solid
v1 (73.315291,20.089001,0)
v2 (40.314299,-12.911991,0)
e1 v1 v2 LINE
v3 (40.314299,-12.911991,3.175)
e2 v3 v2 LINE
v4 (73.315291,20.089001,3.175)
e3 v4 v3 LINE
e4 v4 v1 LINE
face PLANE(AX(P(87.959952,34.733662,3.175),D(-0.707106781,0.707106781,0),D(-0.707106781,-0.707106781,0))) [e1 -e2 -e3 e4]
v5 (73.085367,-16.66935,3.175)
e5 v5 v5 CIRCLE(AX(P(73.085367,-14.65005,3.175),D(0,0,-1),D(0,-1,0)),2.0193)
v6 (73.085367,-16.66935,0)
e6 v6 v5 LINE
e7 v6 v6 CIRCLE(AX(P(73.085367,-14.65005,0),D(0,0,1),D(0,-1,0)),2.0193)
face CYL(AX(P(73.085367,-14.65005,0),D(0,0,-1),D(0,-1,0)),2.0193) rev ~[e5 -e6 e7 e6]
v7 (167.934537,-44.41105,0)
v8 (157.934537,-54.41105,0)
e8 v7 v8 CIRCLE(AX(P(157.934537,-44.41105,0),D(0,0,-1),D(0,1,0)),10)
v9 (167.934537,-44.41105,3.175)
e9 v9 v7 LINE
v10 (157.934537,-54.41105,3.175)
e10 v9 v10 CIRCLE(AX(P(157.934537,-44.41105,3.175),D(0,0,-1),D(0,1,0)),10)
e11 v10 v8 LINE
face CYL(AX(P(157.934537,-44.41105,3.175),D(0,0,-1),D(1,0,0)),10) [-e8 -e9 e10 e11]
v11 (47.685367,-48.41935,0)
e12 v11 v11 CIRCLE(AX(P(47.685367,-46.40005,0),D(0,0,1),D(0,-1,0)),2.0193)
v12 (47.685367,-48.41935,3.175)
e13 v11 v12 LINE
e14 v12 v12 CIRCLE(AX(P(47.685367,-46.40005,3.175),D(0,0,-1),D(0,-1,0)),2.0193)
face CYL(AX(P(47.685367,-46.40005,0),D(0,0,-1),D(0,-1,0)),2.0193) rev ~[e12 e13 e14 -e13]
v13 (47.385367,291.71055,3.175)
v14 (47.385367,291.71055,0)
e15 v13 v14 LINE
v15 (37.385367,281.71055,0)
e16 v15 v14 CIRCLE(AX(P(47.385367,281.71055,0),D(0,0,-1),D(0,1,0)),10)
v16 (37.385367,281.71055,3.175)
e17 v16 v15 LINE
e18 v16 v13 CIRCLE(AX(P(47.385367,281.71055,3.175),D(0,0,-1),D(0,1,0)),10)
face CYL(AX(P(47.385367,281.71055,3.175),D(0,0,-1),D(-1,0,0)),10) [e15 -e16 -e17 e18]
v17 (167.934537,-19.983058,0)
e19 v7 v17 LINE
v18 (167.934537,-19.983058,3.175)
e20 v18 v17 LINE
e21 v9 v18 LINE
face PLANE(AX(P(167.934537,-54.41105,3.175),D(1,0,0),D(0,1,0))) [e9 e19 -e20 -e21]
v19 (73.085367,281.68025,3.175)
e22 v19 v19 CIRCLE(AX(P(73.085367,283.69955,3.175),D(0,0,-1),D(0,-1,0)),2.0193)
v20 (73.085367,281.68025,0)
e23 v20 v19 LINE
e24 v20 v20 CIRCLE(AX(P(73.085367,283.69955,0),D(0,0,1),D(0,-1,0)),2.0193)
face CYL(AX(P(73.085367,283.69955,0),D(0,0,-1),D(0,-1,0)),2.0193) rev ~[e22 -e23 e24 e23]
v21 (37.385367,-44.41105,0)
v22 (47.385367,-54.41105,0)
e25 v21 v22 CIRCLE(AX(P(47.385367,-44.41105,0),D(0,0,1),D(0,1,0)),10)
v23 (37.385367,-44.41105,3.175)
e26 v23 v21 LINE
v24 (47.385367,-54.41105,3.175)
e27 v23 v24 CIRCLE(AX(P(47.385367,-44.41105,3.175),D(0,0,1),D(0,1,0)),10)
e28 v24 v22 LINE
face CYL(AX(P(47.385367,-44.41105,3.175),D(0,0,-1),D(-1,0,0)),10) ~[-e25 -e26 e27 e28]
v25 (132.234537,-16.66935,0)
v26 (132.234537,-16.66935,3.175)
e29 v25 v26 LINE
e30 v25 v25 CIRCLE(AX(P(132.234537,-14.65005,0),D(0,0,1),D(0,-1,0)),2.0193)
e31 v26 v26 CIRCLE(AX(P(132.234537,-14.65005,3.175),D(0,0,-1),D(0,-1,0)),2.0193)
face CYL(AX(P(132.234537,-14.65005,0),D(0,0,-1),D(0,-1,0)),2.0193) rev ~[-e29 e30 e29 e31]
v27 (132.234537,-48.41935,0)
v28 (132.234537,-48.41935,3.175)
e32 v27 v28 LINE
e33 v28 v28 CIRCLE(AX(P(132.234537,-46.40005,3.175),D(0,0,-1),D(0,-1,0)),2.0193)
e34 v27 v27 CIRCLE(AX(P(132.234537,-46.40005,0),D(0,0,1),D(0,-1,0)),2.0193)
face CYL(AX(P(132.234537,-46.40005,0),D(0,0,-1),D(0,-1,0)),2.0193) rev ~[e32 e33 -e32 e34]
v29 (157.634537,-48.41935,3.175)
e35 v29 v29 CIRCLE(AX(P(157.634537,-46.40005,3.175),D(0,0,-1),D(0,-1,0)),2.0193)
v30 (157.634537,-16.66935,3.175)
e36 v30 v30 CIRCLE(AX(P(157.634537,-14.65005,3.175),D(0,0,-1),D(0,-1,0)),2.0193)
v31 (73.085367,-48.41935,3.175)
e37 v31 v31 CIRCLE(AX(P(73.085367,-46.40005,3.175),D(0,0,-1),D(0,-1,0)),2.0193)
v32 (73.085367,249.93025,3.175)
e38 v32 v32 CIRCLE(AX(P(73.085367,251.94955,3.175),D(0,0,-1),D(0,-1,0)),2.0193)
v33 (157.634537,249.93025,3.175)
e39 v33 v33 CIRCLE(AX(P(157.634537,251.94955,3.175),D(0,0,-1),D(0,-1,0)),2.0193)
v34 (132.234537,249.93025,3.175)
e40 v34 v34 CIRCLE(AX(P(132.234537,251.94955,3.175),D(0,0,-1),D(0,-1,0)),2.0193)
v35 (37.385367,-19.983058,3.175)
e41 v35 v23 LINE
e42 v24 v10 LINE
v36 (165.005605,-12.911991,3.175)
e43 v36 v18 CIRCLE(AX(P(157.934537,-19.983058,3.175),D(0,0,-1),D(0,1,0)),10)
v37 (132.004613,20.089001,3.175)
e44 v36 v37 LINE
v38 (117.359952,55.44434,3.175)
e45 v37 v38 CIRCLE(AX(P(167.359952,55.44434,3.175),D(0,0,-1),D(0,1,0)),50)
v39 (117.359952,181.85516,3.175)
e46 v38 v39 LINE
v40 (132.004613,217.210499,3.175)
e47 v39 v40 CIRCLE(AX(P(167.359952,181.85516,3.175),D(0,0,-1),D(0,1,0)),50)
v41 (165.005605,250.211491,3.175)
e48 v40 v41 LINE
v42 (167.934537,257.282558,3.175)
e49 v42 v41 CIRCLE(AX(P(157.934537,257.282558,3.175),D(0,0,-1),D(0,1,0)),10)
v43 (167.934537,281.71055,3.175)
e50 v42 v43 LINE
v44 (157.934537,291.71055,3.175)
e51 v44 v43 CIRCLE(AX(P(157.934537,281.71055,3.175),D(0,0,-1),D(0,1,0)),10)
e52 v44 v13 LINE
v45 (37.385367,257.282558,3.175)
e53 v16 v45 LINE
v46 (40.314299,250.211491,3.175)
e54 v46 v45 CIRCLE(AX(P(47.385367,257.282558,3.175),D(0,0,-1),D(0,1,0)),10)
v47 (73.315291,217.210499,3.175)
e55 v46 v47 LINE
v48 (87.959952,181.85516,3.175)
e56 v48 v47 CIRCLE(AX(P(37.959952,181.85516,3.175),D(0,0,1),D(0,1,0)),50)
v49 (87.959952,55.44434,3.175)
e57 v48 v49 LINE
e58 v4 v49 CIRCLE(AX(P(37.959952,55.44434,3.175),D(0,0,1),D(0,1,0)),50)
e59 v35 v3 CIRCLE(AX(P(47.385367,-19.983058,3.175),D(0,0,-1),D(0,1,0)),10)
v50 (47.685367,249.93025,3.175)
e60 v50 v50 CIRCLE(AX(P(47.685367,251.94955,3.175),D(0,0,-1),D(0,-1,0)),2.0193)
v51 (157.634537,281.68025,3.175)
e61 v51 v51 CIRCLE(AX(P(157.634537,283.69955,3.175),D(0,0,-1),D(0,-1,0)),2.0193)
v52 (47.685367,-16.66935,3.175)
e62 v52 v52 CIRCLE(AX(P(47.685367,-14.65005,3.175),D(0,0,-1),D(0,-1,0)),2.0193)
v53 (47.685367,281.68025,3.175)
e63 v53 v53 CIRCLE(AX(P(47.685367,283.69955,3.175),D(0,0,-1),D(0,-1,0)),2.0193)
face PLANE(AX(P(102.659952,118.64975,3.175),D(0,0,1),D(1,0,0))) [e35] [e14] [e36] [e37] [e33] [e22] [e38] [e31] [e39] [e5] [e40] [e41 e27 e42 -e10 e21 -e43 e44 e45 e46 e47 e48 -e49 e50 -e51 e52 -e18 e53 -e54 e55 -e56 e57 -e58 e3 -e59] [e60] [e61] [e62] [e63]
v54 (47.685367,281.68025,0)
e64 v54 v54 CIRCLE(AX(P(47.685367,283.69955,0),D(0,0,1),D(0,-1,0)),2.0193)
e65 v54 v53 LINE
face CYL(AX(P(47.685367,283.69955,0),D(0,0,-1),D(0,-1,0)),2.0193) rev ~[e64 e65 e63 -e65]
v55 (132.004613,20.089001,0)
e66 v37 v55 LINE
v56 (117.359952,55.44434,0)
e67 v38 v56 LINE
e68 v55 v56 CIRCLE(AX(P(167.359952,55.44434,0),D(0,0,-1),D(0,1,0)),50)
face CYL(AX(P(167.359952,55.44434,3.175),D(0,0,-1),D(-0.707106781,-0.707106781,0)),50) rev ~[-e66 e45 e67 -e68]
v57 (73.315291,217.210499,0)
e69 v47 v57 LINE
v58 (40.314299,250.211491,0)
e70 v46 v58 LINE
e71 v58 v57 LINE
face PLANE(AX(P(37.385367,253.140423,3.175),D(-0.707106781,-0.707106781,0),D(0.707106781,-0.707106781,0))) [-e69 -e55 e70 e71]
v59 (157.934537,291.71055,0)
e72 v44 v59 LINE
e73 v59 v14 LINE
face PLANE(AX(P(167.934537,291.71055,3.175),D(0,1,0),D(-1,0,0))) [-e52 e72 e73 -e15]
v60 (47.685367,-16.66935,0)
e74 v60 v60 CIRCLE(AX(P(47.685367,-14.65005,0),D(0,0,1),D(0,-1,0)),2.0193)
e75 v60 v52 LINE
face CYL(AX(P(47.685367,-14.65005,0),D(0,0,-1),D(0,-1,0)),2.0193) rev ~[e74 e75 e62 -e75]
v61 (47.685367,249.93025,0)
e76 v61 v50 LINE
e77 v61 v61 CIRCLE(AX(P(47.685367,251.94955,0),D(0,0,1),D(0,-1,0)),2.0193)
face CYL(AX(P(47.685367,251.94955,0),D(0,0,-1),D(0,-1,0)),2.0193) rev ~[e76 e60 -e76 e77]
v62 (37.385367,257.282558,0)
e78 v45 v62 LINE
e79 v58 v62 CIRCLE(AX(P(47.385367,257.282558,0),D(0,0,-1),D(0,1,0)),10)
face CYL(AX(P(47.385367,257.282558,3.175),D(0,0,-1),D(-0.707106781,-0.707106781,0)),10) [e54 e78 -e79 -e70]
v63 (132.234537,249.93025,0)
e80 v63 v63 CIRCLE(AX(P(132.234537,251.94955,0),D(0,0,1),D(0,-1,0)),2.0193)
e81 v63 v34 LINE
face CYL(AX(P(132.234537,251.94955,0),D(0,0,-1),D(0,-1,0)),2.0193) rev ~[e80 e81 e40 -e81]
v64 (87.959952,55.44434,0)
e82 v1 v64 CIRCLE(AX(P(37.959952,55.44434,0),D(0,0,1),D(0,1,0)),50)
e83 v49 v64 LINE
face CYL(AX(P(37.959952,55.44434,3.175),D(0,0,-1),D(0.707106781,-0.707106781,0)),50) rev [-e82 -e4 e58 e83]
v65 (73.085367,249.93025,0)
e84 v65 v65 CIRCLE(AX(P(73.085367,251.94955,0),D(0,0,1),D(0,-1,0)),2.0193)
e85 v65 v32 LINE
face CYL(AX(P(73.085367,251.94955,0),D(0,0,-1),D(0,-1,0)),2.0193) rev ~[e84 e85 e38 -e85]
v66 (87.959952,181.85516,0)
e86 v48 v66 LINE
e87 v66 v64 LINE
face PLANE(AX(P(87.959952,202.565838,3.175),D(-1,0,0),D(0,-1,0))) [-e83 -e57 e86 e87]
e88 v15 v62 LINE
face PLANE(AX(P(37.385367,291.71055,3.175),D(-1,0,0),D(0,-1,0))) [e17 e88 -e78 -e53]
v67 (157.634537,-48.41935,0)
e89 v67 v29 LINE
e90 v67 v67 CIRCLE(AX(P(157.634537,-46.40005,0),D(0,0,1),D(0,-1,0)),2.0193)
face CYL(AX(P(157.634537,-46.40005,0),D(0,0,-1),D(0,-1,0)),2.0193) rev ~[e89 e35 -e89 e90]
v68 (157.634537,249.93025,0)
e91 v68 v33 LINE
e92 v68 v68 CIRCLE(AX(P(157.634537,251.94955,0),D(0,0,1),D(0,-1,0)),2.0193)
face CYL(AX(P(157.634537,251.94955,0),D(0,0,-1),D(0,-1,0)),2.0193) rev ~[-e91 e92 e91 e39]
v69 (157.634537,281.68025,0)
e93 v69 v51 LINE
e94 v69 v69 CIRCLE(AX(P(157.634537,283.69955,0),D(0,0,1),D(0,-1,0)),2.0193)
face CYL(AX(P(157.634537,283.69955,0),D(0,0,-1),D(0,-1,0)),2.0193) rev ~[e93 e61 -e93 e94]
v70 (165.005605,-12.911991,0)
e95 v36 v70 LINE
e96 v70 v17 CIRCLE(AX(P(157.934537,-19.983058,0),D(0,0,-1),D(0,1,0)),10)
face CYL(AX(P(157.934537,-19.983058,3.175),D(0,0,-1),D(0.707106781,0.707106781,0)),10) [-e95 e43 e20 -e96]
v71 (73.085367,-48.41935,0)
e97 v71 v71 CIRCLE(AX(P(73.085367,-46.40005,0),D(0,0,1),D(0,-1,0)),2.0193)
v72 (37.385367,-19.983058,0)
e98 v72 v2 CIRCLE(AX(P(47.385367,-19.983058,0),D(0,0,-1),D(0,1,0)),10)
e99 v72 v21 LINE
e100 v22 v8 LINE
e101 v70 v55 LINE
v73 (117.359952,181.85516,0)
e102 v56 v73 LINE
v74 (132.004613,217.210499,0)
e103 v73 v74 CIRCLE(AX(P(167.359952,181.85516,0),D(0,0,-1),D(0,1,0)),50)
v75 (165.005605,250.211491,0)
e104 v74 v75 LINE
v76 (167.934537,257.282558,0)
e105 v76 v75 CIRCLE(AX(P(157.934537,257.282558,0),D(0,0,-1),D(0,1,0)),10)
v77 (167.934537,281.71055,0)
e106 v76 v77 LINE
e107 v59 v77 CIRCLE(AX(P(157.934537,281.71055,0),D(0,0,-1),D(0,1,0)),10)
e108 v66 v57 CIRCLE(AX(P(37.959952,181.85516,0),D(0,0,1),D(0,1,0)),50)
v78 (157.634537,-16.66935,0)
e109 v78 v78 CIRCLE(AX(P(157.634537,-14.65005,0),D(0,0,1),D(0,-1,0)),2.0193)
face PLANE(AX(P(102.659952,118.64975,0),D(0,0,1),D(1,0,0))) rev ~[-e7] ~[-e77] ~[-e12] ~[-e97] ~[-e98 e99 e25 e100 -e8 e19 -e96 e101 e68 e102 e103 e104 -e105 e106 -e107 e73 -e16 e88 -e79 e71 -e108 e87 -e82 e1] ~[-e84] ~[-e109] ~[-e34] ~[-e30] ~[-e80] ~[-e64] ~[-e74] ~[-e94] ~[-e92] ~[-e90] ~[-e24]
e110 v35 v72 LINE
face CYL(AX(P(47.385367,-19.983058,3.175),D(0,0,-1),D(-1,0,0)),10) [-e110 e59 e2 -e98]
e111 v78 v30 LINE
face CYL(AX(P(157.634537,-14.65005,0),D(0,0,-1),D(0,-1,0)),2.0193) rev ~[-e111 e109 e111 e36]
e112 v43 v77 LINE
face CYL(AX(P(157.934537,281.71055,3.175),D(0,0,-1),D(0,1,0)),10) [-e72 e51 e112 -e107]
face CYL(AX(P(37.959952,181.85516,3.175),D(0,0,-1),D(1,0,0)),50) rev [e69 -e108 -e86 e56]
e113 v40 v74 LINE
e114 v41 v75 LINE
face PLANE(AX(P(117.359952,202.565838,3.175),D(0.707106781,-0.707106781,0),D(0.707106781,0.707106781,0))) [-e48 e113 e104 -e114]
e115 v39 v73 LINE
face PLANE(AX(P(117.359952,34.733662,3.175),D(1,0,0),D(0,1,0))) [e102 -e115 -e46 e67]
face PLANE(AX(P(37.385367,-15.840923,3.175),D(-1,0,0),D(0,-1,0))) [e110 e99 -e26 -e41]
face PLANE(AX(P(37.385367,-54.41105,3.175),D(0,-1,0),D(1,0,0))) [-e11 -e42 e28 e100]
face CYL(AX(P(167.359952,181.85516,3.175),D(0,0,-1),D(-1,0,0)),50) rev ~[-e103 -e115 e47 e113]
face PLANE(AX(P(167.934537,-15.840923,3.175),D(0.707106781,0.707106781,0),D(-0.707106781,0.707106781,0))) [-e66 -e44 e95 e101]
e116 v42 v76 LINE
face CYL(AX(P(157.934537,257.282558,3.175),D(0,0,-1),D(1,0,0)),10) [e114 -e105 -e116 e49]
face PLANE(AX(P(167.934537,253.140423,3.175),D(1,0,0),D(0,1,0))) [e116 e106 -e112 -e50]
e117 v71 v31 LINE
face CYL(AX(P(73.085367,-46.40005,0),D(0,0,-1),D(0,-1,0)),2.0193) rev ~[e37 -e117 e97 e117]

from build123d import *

# Parameters (mm, degrees)
BOSS_EXTRUDE1_DEPTH = 3.175
CUT_EXTRUDE1_DEPTH  = 10
SKETCH3_R           = 2.0193
BOSS_EXTRUDE2_DEPTH = 3.175
FILLET1_R           = 10
FILLET2_R           = 50


with BuildPart() as part:
    # Sketch1 → Boss-Extrude1 (new body)
    with BuildSketch(Plane.XY):
        Polygon((165.934536959, -16.66935), (157.315236959, -8.05005), (115.359952094, -8.05005), (89.959952094, -8.05005), (48.004667228, -8.05005), (39.385367228, -16.66935), (39.385367228, -40.05005), (39.385367228, -52.41105), (165.934536959, -56.67505), (165.934536959, -42.05005), align=None)
        with BuildLine():
            ThreePointArc((47.685367228, -44.38075), (49.704667228, -46.40005), (47.685367228, -48.41935))
            ThreePointArc((47.685367228, -48.41935), (45.666067228, -46.40005), (47.685367228, -44.38075))
        make_face(mode=Mode.SUBTRACT)
        with BuildLine():
            ThreePointArc((47.685367228, -12.63075), (49.704667228, -14.65005), (47.685367228, -16.66935))
            ThreePointArc((47.685367228, -16.66935), (45.666067228, -14.65005), (47.685367228, -12.63075))
        make_face(mode=Mode.SUBTRACT)
        with BuildLine():
            ThreePointArc((73.085367228, -44.38075), (75.104667228, -46.40005), (73.085367228, -48.41935))
            ThreePointArc((73.085367228, -48.41935), (71.066067228, -46.40005), (73.085367228, -44.38075))
        make_face(mode=Mode.SUBTRACT)
        with BuildLine():
            ThreePointArc((73.085367228, -12.63075), (75.104667228, -14.65005), (73.085367228, -16.66935))
            ThreePointArc((73.085367228, -16.66935), (71.066067228, -14.65005), (73.085367228, -12.63075))
        make_face(mode=Mode.SUBTRACT)
        with BuildLine():
            ThreePointArc((132.234536959, -44.38075), (134.253836959, -46.40005), (132.234536959, -48.41935))
            ThreePointArc((132.234536959, -48.41935), (130.215236959, -46.40005), (132.234536959, -44.38075))
        make_face(mode=Mode.SUBTRACT)
        with BuildLine():
            ThreePointArc((132.234536959, -12.63075), (134.253836959, -14.65005), (132.234536959, -16.66935))
            ThreePointArc((132.234536959, -16.66935), (130.215236959, -14.65005), (132.234536959, -12.63075))
        make_face(mode=Mode.SUBTRACT)
        with BuildLine():
            ThreePointArc((157.634536959, -44.38075), (159.653836959, -46.40005), (157.634536959, -48.41935))
            ThreePointArc((157.634536959, -48.41935), (155.615236959, -46.40005), (157.634536959, -44.38075))
        make_face(mode=Mode.SUBTRACT)
        with BuildLine():
            ThreePointArc((157.634536959, -12.63075), (159.653836959, -14.65005), (157.634536959, -16.66935))
            ThreePointArc((157.634536959, -16.66935), (155.615236959, -14.65005), (157.634536959, -12.63075))
        make_face(mode=Mode.SUBTRACT)
        Polygon((115.359952094, -8.05005), (157.315236959, -8.05005), (115.359952094, 33.905234866), align=None)
        Polygon((89.959952094, -8.05005), (115.359952094, -8.05005), (115.359952094, 33.905234866), (115.359952094, 203.394265134), (115.359952094, 245.34955), (89.959952094, 245.34955), (89.959952094, 203.394265134), (89.959952094, 33.905234866), align=None)
        Polygon((48.004667228, -8.05005), (89.959952094, -8.05005), (89.959952094, 33.905234866), align=None)
        Polygon((89.959952094, 245.34955), (115.359952094, 245.34955), (157.315236959, 245.34955), (165.934536959, 253.96885), (165.934536959, 279.34955), (165.934536959, 293.97455), (39.385367228, 289.71055), (39.385367228, 277.34955), (39.385367228, 253.96885), (48.004667228, 245.34955), align=None)
        with BuildLine():
            ThreePointArc((47.685367228, 253.96885), (49.704667228, 251.94955), (47.685367228, 249.93025))
            ThreePointArc((47.685367228, 249.93025), (45.666067228, 251.94955), (47.685367228, 253.96885))
        make_face(mode=Mode.SUBTRACT)
        with BuildLine():
            ThreePointArc((47.685367228, 285.71885), (49.704667228, 283.69955), (47.685367228, 281.68025))
            ThreePointArc((47.685367228, 281.68025), (45.666067228, 283.69955), (47.685367228, 285.71885))
        make_face(mode=Mode.SUBTRACT)
        with BuildLine():
            ThreePointArc((73.085367228, 253.96885), (75.104667228, 251.94955), (73.085367228, 249.93025))
            ThreePointArc((73.085367228, 249.93025), (71.066067228, 251.94955), (73.085367228, 253.96885))
        make_face(mode=Mode.SUBTRACT)
        with BuildLine():
            ThreePointArc((73.085367228, 285.71885), (75.104667228, 283.69955), (73.085367228, 281.68025))
            ThreePointArc((73.085367228, 281.68025), (71.066067228, 283.69955), (73.085367228, 285.71885))
        make_face(mode=Mode.SUBTRACT)
        with BuildLine():
            ThreePointArc((132.234536959, 253.96885), (134.253836959, 251.94955), (132.234536959, 249.93025))
            ThreePointArc((132.234536959, 249.93025), (130.215236959, 251.94955), (132.234536959, 253.96885))
        make_face(mode=Mode.SUBTRACT)
        with BuildLine():
            ThreePointArc((157.634536959, 253.96885), (159.653836959, 251.94955), (157.634536959, 249.93025))
            ThreePointArc((157.634536959, 249.93025), (155.615236959, 251.94955), (157.634536959, 253.96885))
        make_face(mode=Mode.SUBTRACT)
        with BuildLine():
            ThreePointArc((157.634536959, 285.71885), (159.653836959, 283.69955), (157.634536959, 281.68025))
            ThreePointArc((157.634536959, 281.68025), (155.615236959, 283.69955), (157.634536959, 285.71885))
        make_face(mode=Mode.SUBTRACT)
        Polygon((115.359952094, 245.34955), (115.359952094, 203.394265134), (157.315236959, 245.34955), align=None)
        Polygon((48.004667228, 245.34955), (89.959952094, 203.394265134), (89.959952094, 245.34955), align=None)
    extrude(amount=BOSS_EXTRUDE1_DEPTH)

    # Sketch2 → Cut-Extrude1 (cut)
    with BuildSketch(Plane.XY.offset(3.175)):
        Polygon((84.385367228, -52.41105), (39.385367228, -52.41105), (165.934536959, -56.67505), (165.934536959, -52.41105), (120.934536959, -52.41105), align=None)
        Polygon((120.934536959, 289.71055), (165.934536959, 289.71055), (165.934536959, 293.97455), (39.385367228, 289.71055), (84.385367228, 289.71055), align=None)
    extrude(amount=-CUT_EXTRUDE1_DEPTH, mode=Mode.SUBTRACT)

    # Sketch3 → Boss-Extrude2 (add)
    with BuildSketch(Plane.XY.offset(3.175)):
        Polygon((37.385367228, -15.840922875), (37.385367228, -54.41105), (167.934536959, -54.41105), (167.934536959, -15.840922875), (117.359952094, 34.73366199), (117.359952094, 202.56583801), (167.934536959, 253.140422875), (167.934536959, 291.71055), (37.385367228, 291.71055), (37.385367228, 253.140422875), (87.959952094, 202.56583801), (87.959952094, 34.73366199), align=None)
        with Locations((132.234536959, -46.40005)):
            Circle(SKETCH3_R, mode=Mode.SUBTRACT)
        with Locations((132.234536959, -14.65005)):
            Circle(SKETCH3_R, mode=Mode.SUBTRACT)
        with Locations((47.685367228, -14.65005)):
            Circle(SKETCH3_R, mode=Mode.SUBTRACT)
        with Locations((47.685367228, -46.40005)):
            Circle(SKETCH3_R, mode=Mode.SUBTRACT)
        with Locations((73.085367228, -46.40005)):
            Circle(SKETCH3_R, mode=Mode.SUBTRACT)
        with Locations((73.085367228, -14.65005)):
            Circle(SKETCH3_R, mode=Mode.SUBTRACT)
        with Locations((157.634536959, -14.65005)):
            Circle(SKETCH3_R, mode=Mode.SUBTRACT)
        with Locations((157.634536959, -46.40005)):
            Circle(SKETCH3_R, mode=Mode.SUBTRACT)
        with Locations((132.234536959, 251.94955)):
            Circle(SKETCH3_R, mode=Mode.SUBTRACT)
        with Locations((73.085367228, 251.94955)):
            Circle(SKETCH3_R, mode=Mode.SUBTRACT)
        with Locations((157.634536959, 251.94955)):
            Circle(SKETCH3_R, mode=Mode.SUBTRACT)
        with Locations((47.685367228, 251.94955)):
            Circle(SKETCH3_R, mode=Mode.SUBTRACT)
        with Locations((47.685367228, 283.69955)):
            Circle(SKETCH3_R, mode=Mode.SUBTRACT)
        with Locations((73.085367228, 283.69955)):
            Circle(SKETCH3_R, mode=Mode.SUBTRACT)
        with Locations((157.634536959, 283.69955)):
            Circle(SKETCH3_R, mode=Mode.SUBTRACT)
    extrude(amount=-BOSS_EXTRUDE2_DEPTH)

    # Fillet1
    fillet1_edges = [part.edges().sort_by_distance(p)[0] for p in [
        (37.385367228, -54.41105, 1.5875),
        (167.934536959, -54.41105, 1.5875),
        (167.934536959, -15.840922875, 1.5875),
        (167.934536959, 253.140422875, 1.5875),
        (167.934536959, 291.71055, 1.5875),
        (37.385367228, 291.71055, 1.5875),
        (37.385367228, 253.140422875, 1.5875),
        (37.385367228, -15.840922875, 1.5875),
    ]]
    fillet(fillet1_edges, radius=FILLET1_R)

    # Fillet2
    fillet2_edges = [part.edges().sort_by_distance(p)[0] for p in [
        (117.359952094, 34.73366199, 1.5875),
        (117.359952094, 202.56583801, 1.5875),
        (87.959952094, 202.56583801, 1.5875),
        (87.959952094, 34.73366199, 1.5875),
    ]]
    fillet(fillet2_edges, radius=FILLET2_R)


solid = part.part
